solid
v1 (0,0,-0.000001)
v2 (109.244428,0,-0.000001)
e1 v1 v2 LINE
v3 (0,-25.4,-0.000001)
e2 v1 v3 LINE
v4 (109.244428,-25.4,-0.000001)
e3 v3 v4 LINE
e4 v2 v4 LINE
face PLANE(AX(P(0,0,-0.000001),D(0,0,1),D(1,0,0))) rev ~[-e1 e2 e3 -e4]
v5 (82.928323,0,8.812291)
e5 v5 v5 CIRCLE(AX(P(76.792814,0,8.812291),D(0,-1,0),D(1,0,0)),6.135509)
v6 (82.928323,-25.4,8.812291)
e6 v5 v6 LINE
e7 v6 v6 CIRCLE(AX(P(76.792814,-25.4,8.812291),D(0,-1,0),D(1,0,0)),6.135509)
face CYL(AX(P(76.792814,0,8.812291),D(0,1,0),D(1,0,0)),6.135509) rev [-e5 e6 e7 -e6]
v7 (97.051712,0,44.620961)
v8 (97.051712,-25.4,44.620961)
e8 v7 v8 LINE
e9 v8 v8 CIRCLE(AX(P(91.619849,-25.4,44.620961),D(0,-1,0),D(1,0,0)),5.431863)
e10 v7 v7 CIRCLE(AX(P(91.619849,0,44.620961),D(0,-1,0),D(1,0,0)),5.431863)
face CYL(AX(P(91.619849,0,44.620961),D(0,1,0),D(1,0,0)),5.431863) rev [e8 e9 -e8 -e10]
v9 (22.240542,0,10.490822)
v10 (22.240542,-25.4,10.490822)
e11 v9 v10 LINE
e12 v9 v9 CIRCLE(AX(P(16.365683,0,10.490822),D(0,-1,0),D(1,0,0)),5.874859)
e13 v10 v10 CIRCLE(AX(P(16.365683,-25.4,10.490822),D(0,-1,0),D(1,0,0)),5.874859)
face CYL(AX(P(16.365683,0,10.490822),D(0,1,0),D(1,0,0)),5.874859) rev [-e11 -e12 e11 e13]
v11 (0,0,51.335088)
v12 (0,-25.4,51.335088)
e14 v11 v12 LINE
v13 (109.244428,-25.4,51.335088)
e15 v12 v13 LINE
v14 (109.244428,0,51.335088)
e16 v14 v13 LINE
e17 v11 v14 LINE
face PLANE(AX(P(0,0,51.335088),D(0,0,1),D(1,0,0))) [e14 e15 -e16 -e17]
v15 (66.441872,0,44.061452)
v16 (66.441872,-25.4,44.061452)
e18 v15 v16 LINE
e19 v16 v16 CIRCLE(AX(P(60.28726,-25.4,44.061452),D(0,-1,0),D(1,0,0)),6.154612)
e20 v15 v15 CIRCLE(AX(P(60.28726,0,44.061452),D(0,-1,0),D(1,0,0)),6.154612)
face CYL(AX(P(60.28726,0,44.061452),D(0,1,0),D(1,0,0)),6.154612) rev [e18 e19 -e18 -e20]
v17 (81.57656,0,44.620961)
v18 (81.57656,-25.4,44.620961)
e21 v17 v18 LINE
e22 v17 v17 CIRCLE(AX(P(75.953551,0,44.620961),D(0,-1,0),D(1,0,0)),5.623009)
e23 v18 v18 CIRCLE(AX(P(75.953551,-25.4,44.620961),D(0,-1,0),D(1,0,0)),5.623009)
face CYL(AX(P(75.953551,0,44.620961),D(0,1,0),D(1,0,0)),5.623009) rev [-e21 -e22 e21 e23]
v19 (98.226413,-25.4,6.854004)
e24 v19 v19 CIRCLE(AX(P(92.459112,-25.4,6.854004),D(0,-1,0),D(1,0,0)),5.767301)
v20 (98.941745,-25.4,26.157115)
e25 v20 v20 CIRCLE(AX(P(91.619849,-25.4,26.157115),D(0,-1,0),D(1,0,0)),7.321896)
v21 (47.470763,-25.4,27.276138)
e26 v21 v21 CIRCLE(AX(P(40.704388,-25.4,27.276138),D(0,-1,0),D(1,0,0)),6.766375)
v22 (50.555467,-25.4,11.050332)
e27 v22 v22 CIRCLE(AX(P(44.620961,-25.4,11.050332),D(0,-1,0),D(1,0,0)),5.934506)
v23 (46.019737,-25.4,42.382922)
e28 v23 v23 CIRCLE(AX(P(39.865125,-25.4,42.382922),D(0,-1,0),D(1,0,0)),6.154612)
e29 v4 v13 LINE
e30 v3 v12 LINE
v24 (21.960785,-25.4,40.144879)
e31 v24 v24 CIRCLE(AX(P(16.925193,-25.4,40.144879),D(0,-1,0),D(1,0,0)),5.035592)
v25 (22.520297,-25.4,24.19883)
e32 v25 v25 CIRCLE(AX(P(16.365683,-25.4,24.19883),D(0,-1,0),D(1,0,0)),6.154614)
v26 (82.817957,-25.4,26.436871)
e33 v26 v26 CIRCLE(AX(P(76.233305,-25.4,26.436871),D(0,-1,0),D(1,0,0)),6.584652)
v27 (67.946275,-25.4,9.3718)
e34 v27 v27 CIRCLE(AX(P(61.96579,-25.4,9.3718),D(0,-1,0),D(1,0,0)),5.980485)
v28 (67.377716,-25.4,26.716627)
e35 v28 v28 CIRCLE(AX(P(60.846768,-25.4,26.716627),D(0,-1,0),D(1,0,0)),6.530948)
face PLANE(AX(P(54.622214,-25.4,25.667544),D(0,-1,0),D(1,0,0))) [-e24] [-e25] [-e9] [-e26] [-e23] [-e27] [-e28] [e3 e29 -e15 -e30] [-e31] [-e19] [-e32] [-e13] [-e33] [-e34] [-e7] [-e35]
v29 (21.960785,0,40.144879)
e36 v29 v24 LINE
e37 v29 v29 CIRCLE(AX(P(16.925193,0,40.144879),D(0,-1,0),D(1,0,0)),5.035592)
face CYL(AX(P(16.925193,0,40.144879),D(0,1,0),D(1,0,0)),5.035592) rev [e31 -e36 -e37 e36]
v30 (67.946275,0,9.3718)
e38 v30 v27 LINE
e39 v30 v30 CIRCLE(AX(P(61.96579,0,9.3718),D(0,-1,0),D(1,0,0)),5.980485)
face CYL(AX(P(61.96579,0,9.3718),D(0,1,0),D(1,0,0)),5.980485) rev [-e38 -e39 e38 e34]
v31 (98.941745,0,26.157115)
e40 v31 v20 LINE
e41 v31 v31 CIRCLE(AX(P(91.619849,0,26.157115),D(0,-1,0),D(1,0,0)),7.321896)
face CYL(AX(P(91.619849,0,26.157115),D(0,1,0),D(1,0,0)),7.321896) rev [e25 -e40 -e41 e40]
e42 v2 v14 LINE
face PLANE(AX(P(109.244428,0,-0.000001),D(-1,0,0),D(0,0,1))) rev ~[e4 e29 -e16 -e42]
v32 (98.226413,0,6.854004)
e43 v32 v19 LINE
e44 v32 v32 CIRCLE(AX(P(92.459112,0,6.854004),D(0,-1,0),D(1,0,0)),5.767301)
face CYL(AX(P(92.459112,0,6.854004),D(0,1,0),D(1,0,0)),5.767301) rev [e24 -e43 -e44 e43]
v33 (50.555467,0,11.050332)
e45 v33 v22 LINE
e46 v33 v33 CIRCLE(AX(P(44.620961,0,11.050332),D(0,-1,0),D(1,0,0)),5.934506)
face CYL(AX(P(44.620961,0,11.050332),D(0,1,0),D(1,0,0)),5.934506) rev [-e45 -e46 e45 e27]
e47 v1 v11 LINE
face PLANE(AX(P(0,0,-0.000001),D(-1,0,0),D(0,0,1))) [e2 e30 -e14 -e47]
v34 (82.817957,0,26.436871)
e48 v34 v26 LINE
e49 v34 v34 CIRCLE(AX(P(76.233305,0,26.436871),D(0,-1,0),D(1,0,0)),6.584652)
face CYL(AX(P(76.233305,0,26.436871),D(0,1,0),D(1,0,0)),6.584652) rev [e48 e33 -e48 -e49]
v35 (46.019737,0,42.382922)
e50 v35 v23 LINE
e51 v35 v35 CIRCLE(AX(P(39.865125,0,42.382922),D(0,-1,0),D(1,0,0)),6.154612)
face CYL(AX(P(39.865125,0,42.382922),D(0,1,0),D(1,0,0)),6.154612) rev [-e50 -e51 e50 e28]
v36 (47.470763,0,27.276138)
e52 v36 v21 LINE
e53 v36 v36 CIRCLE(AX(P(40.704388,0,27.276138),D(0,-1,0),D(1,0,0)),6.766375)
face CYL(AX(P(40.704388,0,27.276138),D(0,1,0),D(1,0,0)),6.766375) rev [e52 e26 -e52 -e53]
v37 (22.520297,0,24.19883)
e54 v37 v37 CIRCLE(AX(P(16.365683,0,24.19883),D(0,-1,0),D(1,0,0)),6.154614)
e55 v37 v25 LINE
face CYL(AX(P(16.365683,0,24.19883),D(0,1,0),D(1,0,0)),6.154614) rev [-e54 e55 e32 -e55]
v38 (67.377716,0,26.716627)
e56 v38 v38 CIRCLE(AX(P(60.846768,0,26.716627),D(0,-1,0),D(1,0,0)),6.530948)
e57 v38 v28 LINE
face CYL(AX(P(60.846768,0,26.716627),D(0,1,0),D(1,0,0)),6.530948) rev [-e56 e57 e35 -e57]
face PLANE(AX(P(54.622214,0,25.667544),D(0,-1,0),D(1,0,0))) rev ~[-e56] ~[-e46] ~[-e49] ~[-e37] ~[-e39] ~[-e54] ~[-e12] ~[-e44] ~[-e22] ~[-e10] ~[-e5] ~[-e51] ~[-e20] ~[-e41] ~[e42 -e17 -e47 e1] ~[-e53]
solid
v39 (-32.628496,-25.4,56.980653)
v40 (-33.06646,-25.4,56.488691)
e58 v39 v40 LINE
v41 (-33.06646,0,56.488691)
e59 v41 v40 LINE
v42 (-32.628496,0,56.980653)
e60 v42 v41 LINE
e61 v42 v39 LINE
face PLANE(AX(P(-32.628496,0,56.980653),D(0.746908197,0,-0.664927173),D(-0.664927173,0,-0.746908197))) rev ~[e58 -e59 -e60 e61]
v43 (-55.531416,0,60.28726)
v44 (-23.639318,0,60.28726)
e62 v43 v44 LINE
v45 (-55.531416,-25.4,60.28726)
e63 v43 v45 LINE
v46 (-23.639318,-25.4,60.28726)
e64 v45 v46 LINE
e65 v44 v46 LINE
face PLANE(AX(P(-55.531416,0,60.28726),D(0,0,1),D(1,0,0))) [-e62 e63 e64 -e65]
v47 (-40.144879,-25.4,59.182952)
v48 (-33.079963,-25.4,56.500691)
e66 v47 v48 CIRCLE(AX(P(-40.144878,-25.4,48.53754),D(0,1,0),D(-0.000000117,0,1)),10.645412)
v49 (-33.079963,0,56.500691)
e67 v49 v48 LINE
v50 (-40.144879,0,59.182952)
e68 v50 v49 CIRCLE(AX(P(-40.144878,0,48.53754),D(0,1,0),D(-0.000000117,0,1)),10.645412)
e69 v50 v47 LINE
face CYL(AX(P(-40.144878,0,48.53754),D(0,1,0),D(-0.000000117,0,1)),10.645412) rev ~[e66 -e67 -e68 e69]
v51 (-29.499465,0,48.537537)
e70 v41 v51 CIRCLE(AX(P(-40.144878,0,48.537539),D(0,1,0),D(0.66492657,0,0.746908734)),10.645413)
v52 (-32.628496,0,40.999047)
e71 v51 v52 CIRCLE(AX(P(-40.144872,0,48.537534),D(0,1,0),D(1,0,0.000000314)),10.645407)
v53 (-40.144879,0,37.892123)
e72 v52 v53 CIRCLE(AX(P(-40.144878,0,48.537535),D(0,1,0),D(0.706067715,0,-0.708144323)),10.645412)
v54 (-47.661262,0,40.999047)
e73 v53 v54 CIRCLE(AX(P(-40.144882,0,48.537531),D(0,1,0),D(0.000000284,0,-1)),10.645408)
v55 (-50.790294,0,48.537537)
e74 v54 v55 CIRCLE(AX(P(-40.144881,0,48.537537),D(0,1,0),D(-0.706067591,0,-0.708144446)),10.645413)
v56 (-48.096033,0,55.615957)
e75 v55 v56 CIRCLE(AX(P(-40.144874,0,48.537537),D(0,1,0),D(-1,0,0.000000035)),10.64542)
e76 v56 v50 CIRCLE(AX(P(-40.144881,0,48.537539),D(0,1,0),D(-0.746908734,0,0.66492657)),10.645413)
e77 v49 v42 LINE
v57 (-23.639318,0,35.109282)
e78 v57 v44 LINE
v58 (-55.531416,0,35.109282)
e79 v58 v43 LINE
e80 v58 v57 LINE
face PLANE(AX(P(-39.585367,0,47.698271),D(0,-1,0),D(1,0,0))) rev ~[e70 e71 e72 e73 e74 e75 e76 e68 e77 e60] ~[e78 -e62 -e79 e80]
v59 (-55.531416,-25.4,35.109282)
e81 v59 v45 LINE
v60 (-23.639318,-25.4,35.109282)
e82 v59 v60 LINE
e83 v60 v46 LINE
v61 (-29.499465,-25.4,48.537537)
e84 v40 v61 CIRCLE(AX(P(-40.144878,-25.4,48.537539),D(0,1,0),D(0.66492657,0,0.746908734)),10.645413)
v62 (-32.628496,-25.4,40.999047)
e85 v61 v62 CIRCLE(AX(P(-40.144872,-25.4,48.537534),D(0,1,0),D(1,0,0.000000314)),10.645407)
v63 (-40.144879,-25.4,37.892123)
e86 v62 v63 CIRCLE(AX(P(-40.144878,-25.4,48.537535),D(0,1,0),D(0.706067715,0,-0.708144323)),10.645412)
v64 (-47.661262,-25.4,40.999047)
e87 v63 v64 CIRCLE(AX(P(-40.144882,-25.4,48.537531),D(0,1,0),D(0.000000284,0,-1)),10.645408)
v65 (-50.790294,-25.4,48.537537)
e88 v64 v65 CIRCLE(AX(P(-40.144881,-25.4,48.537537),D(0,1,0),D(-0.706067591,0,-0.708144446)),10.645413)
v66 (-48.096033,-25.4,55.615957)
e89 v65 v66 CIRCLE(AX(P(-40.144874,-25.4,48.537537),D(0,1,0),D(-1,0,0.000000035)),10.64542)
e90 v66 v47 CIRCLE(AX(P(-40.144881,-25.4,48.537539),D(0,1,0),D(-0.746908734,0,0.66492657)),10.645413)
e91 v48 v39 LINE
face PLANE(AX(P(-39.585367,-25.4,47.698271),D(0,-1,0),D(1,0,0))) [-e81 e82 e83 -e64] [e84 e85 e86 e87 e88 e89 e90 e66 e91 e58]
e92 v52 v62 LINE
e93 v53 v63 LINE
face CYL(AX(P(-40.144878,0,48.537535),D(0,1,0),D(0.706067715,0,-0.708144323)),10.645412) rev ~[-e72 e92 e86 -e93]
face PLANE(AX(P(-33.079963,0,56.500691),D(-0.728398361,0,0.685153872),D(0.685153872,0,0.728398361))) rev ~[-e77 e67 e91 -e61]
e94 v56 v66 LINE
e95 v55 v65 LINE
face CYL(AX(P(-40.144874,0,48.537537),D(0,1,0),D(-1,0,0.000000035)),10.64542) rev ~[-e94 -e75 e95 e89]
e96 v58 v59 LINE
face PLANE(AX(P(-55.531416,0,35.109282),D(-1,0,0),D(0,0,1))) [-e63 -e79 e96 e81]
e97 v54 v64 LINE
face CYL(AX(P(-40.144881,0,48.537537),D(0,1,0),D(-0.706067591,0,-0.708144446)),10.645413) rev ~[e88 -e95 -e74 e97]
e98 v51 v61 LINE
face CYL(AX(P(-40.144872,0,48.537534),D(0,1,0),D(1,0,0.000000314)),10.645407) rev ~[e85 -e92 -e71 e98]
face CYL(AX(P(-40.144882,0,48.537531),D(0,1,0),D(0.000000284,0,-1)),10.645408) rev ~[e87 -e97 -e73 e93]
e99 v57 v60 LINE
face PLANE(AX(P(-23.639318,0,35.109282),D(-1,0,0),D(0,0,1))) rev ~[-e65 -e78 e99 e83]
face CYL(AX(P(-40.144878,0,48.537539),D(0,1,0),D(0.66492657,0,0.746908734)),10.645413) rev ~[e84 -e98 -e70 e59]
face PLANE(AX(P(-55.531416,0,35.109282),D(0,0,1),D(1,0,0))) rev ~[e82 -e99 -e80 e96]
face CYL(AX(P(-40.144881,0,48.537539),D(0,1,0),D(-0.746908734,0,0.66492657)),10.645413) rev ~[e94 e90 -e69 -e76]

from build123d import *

# Parameters (mm, degrees)
F0_W     = 31.892098
F0_H     = 25.177978
F0_W_2   = 109.244429
F0_H_2   = 51.335089
F0_R     = 5.874859
F0_R_2   = 6.154614
F0_R_3   = 5.934506
F0_R_4   = 5.980485
F0_R_5   = 5.767301
F0_R_6   = 6.135509
F0_R_7   = 6.766375
F0_R_8   = 6.530948
F0_R_9   = 6.584652
F0_R_10  = 7.321896
F0_R_11  = 5.035592
F0_R_12  = 6.154612
F0_R_13  = 5.623009
F0_R_14  = 5.431863
F1_DEPTH = 25.4


with BuildPart() as f1:
    # F0 (on Front) → F1 (new body)
    with BuildSketch(Plane.XZ):
        with Locations((-39.585367, 47.698271)):
            Rectangle(F0_W, F0_H)
        with BuildLine():
            ThreePointArc((-48.096033, 55.615957), (-44.502181, 58.250353), (-40.144879, 59.182952))
            ThreePointArc((-40.144879, 59.182952), (-36.366402, 58.489822), (-33.079963, 56.500691))
            Line((-33.079963, 56.500691), (-32.628496, 56.980653))
            Line((-32.628496, 56.980653), (-33.06646, 56.488691))
            ThreePointArc((-33.06646, 56.488691), (-30.432064, 52.894839), (-29.499465, 48.537537))
            ThreePointArc((-29.499465, 48.537537), (-30.312792, 44.456493), (-32.628496, 40.999047))
            ThreePointArc((-32.628496, 40.999047), (-36.078278, 38.699468), (-40.144879, 37.892123))
            ThreePointArc((-40.144879, 37.892123), (-44.211481, 38.699468), (-47.661262, 40.999047))
            ThreePointArc((-47.661262, 40.999047), (-49.976966, 44.456493), (-50.790294, 48.537537))
            ThreePointArc((-50.790294, 48.537537), (-50.093954, 52.324458), (-48.096033, 55.615957))
        make_face(mode=Mode.SUBTRACT)
        with Locations((54.622214, 25.667544)):
            Rectangle(F0_W_2, F0_H_2)
        with Locations((16.365683, 10.490822)):
            Circle(F0_R, mode=Mode.SUBTRACT)
        with Locations((16.365683, 24.19883)):
            Circle(F0_R_2, mode=Mode.SUBTRACT)
        with Locations((44.620961, 11.050332)):
            Circle(F0_R_3, mode=Mode.SUBTRACT)
        with Locations((61.96579, 9.3718)):
            Circle(F0_R_4, mode=Mode.SUBTRACT)
        with Locations((92.459112, 6.854004)):
            Circle(F0_R_5, mode=Mode.SUBTRACT)
        with Locations((76.792814, 8.812291)):
            Circle(F0_R_6, mode=Mode.SUBTRACT)
        with Locations((40.704388, 27.276138)):
            Circle(F0_R_7, mode=Mode.SUBTRACT)
        with Locations((60.846768, 26.716627)):
            Circle(F0_R_8, mode=Mode.SUBTRACT)
        with Locations((76.233305, 26.436871)):
            Circle(F0_R_9, mode=Mode.SUBTRACT)
        with Locations((91.619849, 26.157115)):
            Circle(F0_R_10, mode=Mode.SUBTRACT)
        with Locations((16.925193, 40.144879)):
            Circle(F0_R_11, mode=Mode.SUBTRACT)
        with Locations((39.865125, 42.382922)):
            Circle(F0_R_12, mode=Mode.SUBTRACT)
        with Locations((60.28726, 44.061452)):
            Circle(F0_R_12, mode=Mode.SUBTRACT)
        with Locations((75.953551, 44.620961)):
            Circle(F0_R_13, mode=Mode.SUBTRACT)
        with Locations((91.619849, 44.620961)):
            Circle(F0_R_14, mode=Mode.SUBTRACT)
    extrude(amount=F1_DEPTH)


solid = f1.part
